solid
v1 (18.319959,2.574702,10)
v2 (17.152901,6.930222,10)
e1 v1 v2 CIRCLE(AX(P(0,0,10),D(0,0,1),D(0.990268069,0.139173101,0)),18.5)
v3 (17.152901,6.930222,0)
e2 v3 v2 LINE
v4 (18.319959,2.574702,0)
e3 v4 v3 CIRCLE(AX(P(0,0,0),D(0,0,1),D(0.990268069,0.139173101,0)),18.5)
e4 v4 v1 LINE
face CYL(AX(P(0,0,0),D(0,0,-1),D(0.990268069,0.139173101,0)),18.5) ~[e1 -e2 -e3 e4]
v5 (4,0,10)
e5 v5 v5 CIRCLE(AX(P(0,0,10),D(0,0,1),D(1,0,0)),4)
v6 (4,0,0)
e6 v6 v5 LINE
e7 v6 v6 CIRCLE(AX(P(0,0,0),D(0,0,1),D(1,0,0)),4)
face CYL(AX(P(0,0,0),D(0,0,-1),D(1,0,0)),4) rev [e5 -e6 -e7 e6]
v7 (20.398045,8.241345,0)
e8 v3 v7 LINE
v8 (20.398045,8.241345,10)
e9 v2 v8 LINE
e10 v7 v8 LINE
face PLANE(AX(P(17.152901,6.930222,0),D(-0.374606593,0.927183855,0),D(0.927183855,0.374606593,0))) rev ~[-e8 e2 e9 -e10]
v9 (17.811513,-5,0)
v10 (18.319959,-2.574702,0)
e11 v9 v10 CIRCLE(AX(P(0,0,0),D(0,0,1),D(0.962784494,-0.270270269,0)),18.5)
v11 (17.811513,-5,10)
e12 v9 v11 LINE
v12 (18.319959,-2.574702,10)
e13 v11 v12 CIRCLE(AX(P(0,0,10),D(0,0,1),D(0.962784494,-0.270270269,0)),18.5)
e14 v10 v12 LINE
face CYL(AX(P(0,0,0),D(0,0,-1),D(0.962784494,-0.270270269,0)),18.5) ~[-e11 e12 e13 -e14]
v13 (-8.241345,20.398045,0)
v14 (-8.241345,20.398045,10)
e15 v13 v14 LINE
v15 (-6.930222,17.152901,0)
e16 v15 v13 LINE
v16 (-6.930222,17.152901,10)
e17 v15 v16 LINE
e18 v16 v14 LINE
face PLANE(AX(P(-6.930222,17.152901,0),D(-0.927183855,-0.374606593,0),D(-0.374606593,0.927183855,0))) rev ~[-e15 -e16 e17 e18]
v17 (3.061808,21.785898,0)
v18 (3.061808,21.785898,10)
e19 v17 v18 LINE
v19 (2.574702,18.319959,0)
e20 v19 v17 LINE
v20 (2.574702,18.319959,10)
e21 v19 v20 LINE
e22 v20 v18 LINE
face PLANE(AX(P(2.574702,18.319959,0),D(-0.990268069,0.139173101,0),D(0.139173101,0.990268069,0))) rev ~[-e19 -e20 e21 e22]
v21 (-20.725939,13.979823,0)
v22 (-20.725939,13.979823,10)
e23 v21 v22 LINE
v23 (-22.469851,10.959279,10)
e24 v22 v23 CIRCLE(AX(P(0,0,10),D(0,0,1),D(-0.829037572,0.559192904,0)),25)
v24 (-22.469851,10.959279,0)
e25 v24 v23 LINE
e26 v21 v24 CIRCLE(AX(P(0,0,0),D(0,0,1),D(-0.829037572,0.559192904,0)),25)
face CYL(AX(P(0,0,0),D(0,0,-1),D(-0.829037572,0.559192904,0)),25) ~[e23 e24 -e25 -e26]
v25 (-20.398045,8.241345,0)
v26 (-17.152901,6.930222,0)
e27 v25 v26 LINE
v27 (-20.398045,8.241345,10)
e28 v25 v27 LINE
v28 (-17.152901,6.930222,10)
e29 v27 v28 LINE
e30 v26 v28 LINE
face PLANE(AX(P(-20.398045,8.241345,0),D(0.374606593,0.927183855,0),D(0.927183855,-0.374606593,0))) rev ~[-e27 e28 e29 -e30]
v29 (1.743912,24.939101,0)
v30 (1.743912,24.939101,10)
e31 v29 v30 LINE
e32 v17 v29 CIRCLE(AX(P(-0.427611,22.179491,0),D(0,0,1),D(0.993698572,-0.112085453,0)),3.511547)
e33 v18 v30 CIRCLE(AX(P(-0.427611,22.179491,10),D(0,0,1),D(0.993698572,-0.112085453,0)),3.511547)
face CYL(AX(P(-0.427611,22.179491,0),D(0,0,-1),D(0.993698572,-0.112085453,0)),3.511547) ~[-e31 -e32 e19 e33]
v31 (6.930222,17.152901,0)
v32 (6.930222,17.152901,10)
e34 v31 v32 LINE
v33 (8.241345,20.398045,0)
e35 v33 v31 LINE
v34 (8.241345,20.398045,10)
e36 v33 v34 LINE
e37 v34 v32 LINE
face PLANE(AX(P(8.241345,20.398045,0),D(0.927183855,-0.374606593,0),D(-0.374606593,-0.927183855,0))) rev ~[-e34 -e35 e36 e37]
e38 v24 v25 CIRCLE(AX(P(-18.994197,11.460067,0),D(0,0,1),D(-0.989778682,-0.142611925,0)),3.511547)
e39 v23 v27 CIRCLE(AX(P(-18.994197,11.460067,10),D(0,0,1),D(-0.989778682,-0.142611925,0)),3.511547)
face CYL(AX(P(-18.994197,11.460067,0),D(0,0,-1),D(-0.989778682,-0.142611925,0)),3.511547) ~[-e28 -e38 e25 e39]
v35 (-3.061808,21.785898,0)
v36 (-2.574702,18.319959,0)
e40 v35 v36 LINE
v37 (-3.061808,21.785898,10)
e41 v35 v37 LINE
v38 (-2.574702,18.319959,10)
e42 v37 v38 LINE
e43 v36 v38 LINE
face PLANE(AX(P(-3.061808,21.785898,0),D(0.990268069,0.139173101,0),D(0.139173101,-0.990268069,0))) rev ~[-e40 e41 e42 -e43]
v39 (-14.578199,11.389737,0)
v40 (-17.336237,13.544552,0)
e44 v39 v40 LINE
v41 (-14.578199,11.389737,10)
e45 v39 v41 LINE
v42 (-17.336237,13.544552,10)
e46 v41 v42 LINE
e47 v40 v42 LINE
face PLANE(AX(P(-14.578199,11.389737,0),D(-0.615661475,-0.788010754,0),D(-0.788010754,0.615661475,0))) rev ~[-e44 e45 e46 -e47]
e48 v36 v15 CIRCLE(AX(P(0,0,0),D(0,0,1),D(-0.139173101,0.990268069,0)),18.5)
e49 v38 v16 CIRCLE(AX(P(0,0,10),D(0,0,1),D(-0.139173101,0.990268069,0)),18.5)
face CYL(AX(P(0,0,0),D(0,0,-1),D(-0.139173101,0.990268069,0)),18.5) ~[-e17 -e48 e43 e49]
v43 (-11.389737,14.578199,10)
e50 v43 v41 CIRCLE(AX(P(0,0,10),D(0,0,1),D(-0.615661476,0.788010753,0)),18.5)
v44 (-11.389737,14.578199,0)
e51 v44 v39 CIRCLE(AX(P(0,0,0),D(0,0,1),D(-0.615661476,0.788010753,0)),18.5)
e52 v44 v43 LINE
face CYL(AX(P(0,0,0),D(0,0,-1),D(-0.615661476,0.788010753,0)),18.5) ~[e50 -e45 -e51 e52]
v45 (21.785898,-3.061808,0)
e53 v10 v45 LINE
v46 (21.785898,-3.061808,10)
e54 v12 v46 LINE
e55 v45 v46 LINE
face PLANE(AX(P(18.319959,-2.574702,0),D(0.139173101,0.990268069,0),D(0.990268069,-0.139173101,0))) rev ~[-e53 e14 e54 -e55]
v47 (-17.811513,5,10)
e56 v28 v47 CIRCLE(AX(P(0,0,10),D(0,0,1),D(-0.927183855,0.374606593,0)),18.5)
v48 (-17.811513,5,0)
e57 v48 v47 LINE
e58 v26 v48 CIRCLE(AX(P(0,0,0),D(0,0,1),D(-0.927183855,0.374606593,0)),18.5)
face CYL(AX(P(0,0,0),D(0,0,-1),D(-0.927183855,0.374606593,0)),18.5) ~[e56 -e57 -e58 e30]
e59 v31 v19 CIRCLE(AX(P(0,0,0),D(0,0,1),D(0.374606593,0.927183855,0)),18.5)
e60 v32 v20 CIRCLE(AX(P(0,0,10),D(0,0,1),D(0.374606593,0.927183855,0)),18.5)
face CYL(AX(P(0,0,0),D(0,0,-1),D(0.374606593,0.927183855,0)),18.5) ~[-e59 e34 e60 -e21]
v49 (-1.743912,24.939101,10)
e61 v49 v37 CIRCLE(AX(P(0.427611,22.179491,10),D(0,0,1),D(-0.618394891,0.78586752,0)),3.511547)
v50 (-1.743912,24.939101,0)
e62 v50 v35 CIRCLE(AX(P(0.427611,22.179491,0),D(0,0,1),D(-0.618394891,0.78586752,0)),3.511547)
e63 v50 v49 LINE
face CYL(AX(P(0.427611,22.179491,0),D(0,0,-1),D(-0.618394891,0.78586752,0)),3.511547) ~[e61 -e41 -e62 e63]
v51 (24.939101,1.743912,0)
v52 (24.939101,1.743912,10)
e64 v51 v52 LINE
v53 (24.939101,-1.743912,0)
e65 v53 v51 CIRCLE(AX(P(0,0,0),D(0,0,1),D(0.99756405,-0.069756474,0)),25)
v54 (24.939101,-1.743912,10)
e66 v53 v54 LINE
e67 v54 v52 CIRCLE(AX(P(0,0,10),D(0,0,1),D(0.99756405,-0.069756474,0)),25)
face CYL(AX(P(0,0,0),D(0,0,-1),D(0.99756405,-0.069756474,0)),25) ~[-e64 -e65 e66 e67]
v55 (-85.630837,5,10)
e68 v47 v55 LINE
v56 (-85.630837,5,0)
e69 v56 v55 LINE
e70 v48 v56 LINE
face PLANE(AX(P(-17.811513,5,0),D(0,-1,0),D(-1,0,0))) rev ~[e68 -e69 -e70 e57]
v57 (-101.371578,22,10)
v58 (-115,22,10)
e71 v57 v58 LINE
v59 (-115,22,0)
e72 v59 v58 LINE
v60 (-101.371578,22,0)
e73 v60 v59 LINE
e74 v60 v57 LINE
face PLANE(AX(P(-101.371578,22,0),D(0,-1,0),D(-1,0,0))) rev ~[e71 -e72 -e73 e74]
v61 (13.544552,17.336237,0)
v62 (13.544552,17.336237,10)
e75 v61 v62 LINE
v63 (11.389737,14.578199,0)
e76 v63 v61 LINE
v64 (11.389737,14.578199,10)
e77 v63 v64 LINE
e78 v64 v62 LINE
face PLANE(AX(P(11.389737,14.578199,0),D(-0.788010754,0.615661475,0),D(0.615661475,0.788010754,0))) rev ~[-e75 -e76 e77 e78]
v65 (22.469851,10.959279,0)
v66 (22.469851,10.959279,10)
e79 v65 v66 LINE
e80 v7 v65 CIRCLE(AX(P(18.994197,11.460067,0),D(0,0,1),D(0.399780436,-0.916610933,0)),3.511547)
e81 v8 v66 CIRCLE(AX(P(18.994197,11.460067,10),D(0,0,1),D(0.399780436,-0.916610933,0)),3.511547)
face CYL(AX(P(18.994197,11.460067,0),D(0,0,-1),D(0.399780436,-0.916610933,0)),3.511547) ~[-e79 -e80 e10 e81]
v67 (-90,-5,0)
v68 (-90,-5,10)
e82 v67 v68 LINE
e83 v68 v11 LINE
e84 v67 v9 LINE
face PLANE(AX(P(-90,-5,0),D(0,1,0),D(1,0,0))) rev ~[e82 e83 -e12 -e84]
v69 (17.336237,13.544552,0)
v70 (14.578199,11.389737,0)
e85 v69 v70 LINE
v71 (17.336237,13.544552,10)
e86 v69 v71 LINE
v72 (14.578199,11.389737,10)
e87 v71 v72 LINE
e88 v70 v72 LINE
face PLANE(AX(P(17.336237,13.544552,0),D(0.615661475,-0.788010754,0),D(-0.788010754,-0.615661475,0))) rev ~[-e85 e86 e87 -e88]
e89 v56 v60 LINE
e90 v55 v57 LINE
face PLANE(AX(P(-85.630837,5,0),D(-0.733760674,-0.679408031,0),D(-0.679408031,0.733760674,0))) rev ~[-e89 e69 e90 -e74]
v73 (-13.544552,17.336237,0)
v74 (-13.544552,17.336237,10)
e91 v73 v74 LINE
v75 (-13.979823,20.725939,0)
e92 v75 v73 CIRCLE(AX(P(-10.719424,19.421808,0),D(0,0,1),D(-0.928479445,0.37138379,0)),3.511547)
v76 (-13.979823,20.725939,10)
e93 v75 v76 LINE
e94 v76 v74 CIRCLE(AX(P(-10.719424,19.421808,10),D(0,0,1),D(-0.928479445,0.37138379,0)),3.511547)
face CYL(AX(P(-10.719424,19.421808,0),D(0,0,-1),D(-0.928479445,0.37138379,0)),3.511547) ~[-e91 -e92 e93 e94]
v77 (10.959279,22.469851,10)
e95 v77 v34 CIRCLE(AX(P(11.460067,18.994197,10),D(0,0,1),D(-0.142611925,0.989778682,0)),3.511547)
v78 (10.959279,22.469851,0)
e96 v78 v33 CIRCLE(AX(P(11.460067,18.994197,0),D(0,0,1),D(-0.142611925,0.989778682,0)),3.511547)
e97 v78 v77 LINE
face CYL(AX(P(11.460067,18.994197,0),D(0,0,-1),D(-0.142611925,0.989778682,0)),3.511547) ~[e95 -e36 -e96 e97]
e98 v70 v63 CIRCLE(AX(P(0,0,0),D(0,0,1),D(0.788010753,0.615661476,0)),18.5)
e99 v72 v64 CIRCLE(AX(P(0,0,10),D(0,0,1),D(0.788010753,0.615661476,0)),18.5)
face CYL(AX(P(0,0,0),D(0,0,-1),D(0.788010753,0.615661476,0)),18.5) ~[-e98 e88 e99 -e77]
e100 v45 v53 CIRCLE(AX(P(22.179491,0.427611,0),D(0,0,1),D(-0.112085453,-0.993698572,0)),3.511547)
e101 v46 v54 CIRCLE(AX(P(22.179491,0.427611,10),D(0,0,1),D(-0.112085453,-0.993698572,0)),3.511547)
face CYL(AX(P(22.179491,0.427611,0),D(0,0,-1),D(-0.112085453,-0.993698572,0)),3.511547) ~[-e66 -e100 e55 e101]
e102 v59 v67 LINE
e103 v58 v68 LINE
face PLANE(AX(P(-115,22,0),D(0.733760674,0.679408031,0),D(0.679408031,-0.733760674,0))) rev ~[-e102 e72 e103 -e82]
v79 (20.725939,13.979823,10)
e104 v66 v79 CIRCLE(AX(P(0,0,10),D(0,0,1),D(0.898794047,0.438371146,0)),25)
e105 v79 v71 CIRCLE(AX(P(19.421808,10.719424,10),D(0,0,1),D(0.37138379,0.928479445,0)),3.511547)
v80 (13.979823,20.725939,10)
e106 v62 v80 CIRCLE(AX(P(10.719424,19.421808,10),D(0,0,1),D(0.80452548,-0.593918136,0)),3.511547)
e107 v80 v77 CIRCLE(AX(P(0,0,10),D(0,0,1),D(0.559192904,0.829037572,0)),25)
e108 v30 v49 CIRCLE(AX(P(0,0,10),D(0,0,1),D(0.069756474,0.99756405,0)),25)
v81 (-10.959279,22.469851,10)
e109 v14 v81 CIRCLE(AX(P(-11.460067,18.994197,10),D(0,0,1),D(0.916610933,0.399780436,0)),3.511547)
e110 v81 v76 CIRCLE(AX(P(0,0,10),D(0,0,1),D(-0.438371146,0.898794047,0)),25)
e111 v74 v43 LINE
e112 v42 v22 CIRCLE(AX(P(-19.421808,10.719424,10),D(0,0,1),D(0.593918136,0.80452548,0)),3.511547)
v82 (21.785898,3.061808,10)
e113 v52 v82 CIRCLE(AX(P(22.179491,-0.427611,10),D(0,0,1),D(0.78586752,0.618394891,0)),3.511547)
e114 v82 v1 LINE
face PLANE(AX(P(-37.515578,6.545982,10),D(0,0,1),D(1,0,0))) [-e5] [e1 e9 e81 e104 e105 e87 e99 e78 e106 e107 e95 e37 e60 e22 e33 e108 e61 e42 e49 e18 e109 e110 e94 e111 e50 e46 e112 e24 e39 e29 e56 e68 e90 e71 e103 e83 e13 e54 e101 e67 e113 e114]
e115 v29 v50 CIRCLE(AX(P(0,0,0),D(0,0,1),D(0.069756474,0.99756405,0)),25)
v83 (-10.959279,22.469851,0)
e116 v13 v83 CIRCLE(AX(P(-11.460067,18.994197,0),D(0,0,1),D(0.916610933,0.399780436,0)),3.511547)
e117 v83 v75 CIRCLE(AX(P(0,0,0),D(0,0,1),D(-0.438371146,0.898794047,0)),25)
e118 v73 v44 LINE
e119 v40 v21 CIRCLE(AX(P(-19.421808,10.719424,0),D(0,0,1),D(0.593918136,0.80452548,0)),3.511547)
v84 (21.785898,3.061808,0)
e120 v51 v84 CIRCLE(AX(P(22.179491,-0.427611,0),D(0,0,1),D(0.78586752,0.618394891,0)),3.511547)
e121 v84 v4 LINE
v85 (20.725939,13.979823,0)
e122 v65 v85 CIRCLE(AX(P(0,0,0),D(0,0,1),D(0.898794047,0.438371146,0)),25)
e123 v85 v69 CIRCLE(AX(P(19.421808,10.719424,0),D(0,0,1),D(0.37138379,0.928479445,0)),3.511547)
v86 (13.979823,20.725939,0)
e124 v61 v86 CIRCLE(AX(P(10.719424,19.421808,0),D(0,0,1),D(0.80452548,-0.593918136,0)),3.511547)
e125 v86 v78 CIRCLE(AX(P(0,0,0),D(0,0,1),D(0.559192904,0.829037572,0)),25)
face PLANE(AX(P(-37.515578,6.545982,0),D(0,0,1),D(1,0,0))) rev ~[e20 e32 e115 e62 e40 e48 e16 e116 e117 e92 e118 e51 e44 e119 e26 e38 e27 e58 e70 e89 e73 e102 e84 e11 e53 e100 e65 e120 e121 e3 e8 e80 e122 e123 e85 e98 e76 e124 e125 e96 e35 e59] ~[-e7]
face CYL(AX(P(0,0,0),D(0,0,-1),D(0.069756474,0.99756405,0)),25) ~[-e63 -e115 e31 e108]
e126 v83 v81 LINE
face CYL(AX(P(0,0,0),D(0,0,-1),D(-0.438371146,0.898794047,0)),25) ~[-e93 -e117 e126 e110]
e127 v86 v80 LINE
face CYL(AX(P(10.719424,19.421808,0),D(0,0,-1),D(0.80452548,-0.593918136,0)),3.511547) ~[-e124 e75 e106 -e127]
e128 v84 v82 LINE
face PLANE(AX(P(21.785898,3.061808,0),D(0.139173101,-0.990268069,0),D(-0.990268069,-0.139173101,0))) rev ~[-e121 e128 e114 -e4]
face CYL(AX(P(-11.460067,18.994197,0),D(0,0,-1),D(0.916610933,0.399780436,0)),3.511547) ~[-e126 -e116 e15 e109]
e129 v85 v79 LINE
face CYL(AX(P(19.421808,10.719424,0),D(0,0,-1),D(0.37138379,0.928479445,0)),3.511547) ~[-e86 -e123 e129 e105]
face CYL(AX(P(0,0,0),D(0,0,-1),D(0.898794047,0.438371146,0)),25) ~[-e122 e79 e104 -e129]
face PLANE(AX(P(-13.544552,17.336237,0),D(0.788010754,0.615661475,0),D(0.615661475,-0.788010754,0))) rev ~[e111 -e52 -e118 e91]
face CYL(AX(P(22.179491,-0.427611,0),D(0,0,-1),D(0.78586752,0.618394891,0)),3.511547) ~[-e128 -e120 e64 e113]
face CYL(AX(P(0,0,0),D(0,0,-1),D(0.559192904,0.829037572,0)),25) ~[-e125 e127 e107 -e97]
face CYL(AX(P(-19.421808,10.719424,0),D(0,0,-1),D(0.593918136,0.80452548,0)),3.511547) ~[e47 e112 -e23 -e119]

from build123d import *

# Parameters (mm, degrees)
SKETCH1_R           = 4
BOSS_EXTRUDE2_DEPTH = 10


with BuildPart() as part:
    # Sketch1 → Boss-Extrude2 (new body)
    with BuildSketch(Plane.XY):
        with BuildLine():
            Line((-101.371578153, 22), (-115, 22))
            Line((-115, 22), (-90, -5))
            Line((-90, -5), (17.811513131, -5))
            ThreePointArc((17.811513131, -5), (18.106389525, -3.79587386), (18.319959272, -2.574702368))
            Line((18.319959272, -2.574702368), (21.785897512, -3.061808221))
            ThreePointArc((21.785897512, -3.061808221), (23.533640729, -2.812333445), (24.939101256, -1.743911844))
            ThreePointArc((24.939101256, -1.743911844), (25, 0), (24.939101256, 1.743911844))
            ThreePointArc((24.939101256, 1.743911844), (23.533640729, 2.812333445), (21.785897512, 3.061808221))
            Line((21.785897512, 3.061808221), (18.319959272, 2.574702368))
            ThreePointArc((18.319959272, 2.574702368), (17.869627786, 4.788152334), (17.152901309, 6.930221978))
            Line((17.152901309, 6.930221978), (20.3980448, 8.241345055))
            ThreePointArc((20.3980448, 8.241345055), (21.786897437, 9.331268157), (22.469851157, 10.95927867))
            ThreePointArc((22.469851157, 10.95927867), (21.650635095, 12.5), (20.725939314, 13.979822587))
            ThreePointArc((20.725939314, 13.979822587), (18.974563992, 14.202372572), (17.336236579, 13.544552457))
            Line((17.336236579, 13.544552457), (14.578198942, 11.389737294))
            ThreePointArc((14.578198942, 11.389737294), (13.081475452, 13.081475452), (11.389737294, 14.578198942))
            Line((11.389737294, 14.578198942), (13.544552457, 17.336236579))
            ThreePointArc((13.544552457, 17.336236579), (14.202372572, 18.974563992), (13.979822587, 20.725939314))
            ThreePointArc((13.979822587, 20.725939314), (12.5, 21.650635095), (10.95927867, 22.469851157))
            ThreePointArc((10.95927867, 22.469851157), (9.331268157, 21.786897437), (8.241345055, 20.3980448))
            Line((8.241345055, 20.3980448), (6.930221978, 17.152901309))
            ThreePointArc((6.930221978, 17.152901309), (4.788152334, 17.869627786), (2.574702368, 18.319959272))
            Line((2.574702368, 18.319959272), (3.061808221, 21.785897512))
            ThreePointArc((3.061808221, 21.785897512), (2.812333445, 23.533640729), (1.743911844, 24.939101256))
            ThreePointArc((1.743911844, 24.939101256), (0, 25), (-1.743911844, 24.939101256))
            ThreePointArc((-1.743911844, 24.939101256), (-2.812333445, 23.533640729), (-3.061808221, 21.785897512))
            Line((-3.061808221, 21.785897512), (-2.574702368, 18.319959272))
            ThreePointArc((-2.574702368, 18.319959272), (-4.788152334, 17.869627786), (-6.930221978, 17.152901309))
            Line((-6.930221978, 17.152901309), (-8.241345055, 20.3980448))
            ThreePointArc((-8.241345055, 20.3980448), (-9.331268157, 21.786897437), (-10.95927867, 22.469851157))
            ThreePointArc((-10.95927867, 22.469851157), (-12.5, 21.650635095), (-13.979822587, 20.725939314))
            ThreePointArc((-13.979822587, 20.725939314), (-14.202372572, 18.974563992), (-13.544552457, 17.336236579))
            Line((-13.544552457, 17.336236579), (-11.389737294, 14.578198942))
            ThreePointArc((-11.389737294, 14.578198942), (-13.081475452, 13.081475452), (-14.578198942, 11.389737294))
            Line((-14.578198942, 11.389737294), (-17.336236579, 13.544552457))
            ThreePointArc((-17.336236579, 13.544552457), (-18.974563992, 14.202372572), (-20.725939314, 13.979822587))
            ThreePointArc((-20.725939314, 13.979822587), (-21.650635095, 12.5), (-22.469851157, 10.95927867))
            ThreePointArc((-22.469851157, 10.95927867), (-21.786897437, 9.331268157), (-20.3980448, 8.241345055))
            Line((-20.3980448, 8.241345055), (-17.152901309, 6.930221978))
            ThreePointArc((-17.152901309, 6.930221978), (-17.508826588, 5.974193795), (-17.811513131, 5))
            Line((-17.811513131, 5), (-85.630837413, 5))
            Line((-85.630837413, 5), (-101.371578153, 22))
        make_face()
        Circle(SKETCH1_R, mode=Mode.SUBTRACT)
    extrude(amount=BOSS_EXTRUDE2_DEPTH)


solid = part.part
